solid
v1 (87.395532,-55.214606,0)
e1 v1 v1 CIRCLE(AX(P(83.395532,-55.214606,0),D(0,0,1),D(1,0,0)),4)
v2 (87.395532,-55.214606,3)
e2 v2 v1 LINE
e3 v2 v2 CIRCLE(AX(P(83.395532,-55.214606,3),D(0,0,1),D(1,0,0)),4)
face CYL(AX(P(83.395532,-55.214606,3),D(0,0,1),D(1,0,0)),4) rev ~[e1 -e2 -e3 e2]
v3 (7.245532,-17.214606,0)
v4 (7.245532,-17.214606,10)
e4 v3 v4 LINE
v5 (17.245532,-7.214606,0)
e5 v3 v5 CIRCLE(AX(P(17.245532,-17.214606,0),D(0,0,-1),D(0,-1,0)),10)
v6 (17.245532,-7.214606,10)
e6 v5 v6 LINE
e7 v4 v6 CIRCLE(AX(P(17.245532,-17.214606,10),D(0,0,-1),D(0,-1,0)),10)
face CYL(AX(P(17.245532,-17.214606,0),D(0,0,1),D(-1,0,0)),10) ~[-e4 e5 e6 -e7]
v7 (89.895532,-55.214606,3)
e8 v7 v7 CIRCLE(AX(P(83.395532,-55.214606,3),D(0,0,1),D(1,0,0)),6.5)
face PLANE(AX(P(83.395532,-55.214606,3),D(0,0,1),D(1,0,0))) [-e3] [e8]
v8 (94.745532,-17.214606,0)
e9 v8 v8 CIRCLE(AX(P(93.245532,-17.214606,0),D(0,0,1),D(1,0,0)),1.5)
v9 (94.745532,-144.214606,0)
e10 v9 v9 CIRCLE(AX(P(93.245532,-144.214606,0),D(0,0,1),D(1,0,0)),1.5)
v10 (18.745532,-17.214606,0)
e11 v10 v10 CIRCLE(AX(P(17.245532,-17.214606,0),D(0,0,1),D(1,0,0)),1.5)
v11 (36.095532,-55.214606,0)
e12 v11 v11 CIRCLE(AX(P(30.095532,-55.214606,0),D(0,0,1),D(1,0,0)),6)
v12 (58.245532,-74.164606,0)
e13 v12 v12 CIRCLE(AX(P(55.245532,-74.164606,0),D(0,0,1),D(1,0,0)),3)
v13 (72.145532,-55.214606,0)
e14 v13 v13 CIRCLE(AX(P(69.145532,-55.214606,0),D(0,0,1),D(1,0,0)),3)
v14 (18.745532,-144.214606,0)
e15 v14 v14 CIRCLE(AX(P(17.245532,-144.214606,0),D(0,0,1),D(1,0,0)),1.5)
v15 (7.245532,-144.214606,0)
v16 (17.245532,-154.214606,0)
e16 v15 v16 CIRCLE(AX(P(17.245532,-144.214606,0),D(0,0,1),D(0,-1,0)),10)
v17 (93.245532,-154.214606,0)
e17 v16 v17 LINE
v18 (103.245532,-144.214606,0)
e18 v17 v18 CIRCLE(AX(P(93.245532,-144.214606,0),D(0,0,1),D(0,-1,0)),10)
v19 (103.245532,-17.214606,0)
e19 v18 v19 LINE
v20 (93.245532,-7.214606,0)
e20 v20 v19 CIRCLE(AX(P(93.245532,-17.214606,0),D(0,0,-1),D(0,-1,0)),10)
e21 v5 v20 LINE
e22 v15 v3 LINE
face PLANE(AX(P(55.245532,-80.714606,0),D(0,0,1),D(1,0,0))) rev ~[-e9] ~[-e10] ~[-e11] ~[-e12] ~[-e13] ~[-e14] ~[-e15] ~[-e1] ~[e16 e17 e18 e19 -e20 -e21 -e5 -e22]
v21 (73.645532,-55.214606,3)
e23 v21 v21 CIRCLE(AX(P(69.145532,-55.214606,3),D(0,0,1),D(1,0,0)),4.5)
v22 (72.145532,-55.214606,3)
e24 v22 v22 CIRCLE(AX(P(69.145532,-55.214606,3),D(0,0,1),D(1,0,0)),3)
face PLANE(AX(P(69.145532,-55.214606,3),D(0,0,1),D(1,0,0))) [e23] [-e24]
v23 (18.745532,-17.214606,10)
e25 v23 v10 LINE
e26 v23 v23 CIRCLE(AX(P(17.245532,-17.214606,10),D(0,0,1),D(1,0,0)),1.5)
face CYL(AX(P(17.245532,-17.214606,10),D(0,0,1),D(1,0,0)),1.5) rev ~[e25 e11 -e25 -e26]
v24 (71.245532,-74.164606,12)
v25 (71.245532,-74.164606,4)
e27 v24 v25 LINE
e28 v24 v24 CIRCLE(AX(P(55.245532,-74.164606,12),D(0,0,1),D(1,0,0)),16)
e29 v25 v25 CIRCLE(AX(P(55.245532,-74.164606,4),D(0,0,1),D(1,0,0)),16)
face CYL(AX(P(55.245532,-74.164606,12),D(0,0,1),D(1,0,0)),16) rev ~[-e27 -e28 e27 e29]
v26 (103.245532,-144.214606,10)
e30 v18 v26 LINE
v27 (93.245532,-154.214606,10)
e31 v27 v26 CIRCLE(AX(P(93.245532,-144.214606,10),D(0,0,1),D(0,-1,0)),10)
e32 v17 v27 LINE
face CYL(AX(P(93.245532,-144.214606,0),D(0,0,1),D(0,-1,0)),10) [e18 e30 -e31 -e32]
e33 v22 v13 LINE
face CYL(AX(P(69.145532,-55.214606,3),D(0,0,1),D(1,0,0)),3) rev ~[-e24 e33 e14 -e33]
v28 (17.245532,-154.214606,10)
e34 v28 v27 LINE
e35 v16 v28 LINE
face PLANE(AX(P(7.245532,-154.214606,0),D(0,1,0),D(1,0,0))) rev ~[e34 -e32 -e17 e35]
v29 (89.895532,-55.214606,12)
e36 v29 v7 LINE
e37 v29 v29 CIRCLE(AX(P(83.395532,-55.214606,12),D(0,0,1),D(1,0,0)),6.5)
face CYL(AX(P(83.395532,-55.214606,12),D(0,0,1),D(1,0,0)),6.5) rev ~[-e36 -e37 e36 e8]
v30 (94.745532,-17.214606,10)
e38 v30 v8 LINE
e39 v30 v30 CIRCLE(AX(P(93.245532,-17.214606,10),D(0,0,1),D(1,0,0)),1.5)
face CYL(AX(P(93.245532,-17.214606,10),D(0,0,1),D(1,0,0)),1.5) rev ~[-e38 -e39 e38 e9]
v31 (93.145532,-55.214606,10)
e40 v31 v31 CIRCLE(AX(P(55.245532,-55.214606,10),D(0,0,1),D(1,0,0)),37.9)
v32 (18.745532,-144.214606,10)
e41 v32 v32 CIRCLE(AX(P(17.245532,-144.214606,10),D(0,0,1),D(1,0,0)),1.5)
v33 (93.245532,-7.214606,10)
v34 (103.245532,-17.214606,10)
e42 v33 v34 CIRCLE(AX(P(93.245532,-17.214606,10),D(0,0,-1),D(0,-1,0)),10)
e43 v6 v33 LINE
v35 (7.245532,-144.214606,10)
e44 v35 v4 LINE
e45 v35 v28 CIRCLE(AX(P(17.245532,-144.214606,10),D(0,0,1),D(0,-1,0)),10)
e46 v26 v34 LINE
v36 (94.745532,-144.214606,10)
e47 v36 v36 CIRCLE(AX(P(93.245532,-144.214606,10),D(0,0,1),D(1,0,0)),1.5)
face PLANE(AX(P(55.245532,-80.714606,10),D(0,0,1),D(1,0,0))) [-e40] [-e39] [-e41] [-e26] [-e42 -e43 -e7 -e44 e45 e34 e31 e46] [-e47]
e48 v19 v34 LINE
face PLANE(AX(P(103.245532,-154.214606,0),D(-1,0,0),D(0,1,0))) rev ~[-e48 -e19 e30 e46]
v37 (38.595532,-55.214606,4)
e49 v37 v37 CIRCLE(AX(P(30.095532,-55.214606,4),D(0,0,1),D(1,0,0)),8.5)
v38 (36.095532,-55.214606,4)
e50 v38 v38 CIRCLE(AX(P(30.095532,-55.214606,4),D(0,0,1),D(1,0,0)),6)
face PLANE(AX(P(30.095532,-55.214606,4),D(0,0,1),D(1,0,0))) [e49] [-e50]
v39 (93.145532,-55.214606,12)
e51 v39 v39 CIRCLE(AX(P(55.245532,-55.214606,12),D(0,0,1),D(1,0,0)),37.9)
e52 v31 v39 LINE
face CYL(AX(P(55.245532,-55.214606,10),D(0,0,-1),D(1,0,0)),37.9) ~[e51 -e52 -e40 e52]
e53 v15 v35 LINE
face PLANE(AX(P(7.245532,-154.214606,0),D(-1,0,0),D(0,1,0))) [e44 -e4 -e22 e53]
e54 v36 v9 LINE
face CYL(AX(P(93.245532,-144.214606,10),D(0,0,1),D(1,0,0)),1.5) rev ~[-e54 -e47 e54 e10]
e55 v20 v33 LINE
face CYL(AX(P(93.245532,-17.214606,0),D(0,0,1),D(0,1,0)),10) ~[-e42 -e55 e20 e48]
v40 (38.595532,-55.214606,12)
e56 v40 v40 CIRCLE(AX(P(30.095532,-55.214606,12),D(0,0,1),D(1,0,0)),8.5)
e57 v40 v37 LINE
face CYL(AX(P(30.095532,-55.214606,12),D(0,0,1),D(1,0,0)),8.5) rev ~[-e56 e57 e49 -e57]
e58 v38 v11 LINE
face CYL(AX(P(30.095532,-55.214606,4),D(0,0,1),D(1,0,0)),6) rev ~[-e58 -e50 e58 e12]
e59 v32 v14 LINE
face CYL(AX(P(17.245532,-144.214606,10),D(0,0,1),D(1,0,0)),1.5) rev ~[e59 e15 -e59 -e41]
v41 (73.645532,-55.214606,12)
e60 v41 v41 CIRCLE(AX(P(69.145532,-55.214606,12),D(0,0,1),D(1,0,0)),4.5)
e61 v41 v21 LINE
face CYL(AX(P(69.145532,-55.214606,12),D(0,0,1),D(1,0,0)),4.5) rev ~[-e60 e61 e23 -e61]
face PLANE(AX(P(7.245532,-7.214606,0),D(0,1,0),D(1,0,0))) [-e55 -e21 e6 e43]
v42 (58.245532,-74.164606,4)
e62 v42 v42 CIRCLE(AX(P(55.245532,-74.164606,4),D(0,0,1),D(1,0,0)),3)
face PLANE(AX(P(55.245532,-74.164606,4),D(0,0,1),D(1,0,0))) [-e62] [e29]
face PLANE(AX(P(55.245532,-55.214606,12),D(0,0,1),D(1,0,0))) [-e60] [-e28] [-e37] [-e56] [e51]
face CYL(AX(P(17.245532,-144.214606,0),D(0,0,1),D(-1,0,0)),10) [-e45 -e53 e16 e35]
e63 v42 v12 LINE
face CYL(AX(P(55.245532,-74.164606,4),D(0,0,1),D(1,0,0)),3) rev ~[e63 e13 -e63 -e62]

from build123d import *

# Parameters (mm, degrees)
SKETCH037_W     = 96
SKETCH037_H     = 147
PAD011_DEPTH    = 10
SKETCH038_R     = 37.9
PAD012_DEPTH    = 2
SKETCH039_R     = 16
POCKET006_DEPTH = 8
SKETCH040_R     = 3
POCKET007_DEPTH = 4.001
SKETCH041_R     = 8.5
POCKET008_DEPTH = 8
SKETCH042_R     = 6
POCKET009_DEPTH = 4.001
SKETCH043_R     = 4.5
SKETCH043_R_2   = 6.5
POCKET010_DEPTH = 9
SKETCH044_R     = 4
SKETCH044_R_2   = 3
POCKET011_DEPTH = 3.001
SKETCH048_R     = 1.5
SKETCH048_R_2   = 1
POCKET012_DEPTH = 10.001
FILLET004_R     = 10


with BuildPart() as part:
    # Sketch037 → Pad011 (new body)
    with BuildSketch(Plane.XY):
        with Locations((-206.727857, -364.966475)):
            Rectangle(SKETCH037_W, SKETCH037_H)
    extrude(amount=PAD011_DEPTH)

    # Sketch038 (on Face6 of Pad011) → Pad012 (join)
    with BuildSketch(Plane.XY.offset(10)):
        with Locations((-206.727857, -339.466475)):
            Circle(SKETCH038_R)
    extrude(amount=PAD012_DEPTH)

    # Sketch039 (on Face8 of Pad012) → Pocket006 (cut)
    with BuildSketch(Plane.XY.offset(12)):
        with Locations((-206.727857, -358.416475)):
            Circle(SKETCH039_R)
    extrude(amount=-POCKET006_DEPTH, mode=Mode.SUBTRACT)

    # Sketch040 (on Face10 of Pocket006) → Pocket007 (cut, through all)
    with BuildSketch(Plane.XY.offset(4)):
        with Locations((-206.727857, -358.416475)):
            Circle(SKETCH040_R)
    extrude(amount=-POCKET007_DEPTH, mode=Mode.SUBTRACT)

    # Sketch041 (on Face8 of Pad012) → Pocket008 (cut)
    with BuildSketch(Plane.XY.offset(12)):
        with Locations((-231.877857, -339.466475)):
            Circle(SKETCH041_R)
    extrude(amount=-POCKET008_DEPTH, mode=Mode.SUBTRACT)

    # Sketch042 (on Face13 of Pocket008) → Pocket009 (cut, through all)
    with BuildSketch(Plane.XY.offset(4)):
        with Locations((-231.877857, -339.466475)):
            Circle(SKETCH042_R)
    extrude(amount=-POCKET009_DEPTH, mode=Mode.SUBTRACT)

    # Sketch043 (on Face8 of Pad012) → Pocket010 (cut)
    with BuildSketch(Plane.XY.offset(12)):
        with Locations((-192.827857, -339.466475)):
            Circle(SKETCH043_R)
        with Locations((-178.577857, -339.466475)):
            Circle(SKETCH043_R_2)
    extrude(amount=-POCKET010_DEPTH, mode=Mode.SUBTRACT)

    # Sketch044 (on Face18 of Pocket010) → Pocket011 (cut, through all)
    with BuildSketch(Plane.XY.offset(3)):
        with Locations((-178.577857, -339.466475)):
            Circle(SKETCH044_R)
        with Locations((-192.827857, -339.466475)):
            Circle(SKETCH044_R_2)
    extrude(amount=-POCKET011_DEPTH, mode=Mode.SUBTRACT)

    # Sketch048 (on Face5 of Pocket011) → Pocket012 (cut, through all)
    with BuildSketch(Plane.XY.offset(10)):
        with Locations((-244.727857, -301.466475)):
            Circle(SKETCH048_R)
        with Locations((-168.727857, -301.466475)):
            Circle(SKETCH048_R)
        with Locations((-168.727857, -428.466475)):
            Circle(SKETCH048_R)
        with Locations((-244.727857, -428.466475)):
            Circle(SKETCH048_R)
        with Locations((-214.611015, -276.454363)):
            Circle(SKETCH048_R_2)
        with Locations((-201.837814, -276.122591)):
            Circle(SKETCH048_R)
    extrude(amount=-POCKET012_DEPTH, mode=Mode.SUBTRACT)

    # Fillet004
    fillet004_edges = [part.edges().sort_by_distance(p)[0] for p in [
        (-254.727857, -438.466475, 5),
        (-158.727857, -438.466475, 5),
        (-254.727857, -291.466475, 5),
        (-158.727857, -291.466475, 5),
    ]]
    fillet(fillet004_edges, radius=FILLET004_R)


with BuildPart() as part_1:
    # Body010 placement: moved
    add(part.part.moved(Location((261.973389, 284.251869, 0))))


solid = part_1.part
